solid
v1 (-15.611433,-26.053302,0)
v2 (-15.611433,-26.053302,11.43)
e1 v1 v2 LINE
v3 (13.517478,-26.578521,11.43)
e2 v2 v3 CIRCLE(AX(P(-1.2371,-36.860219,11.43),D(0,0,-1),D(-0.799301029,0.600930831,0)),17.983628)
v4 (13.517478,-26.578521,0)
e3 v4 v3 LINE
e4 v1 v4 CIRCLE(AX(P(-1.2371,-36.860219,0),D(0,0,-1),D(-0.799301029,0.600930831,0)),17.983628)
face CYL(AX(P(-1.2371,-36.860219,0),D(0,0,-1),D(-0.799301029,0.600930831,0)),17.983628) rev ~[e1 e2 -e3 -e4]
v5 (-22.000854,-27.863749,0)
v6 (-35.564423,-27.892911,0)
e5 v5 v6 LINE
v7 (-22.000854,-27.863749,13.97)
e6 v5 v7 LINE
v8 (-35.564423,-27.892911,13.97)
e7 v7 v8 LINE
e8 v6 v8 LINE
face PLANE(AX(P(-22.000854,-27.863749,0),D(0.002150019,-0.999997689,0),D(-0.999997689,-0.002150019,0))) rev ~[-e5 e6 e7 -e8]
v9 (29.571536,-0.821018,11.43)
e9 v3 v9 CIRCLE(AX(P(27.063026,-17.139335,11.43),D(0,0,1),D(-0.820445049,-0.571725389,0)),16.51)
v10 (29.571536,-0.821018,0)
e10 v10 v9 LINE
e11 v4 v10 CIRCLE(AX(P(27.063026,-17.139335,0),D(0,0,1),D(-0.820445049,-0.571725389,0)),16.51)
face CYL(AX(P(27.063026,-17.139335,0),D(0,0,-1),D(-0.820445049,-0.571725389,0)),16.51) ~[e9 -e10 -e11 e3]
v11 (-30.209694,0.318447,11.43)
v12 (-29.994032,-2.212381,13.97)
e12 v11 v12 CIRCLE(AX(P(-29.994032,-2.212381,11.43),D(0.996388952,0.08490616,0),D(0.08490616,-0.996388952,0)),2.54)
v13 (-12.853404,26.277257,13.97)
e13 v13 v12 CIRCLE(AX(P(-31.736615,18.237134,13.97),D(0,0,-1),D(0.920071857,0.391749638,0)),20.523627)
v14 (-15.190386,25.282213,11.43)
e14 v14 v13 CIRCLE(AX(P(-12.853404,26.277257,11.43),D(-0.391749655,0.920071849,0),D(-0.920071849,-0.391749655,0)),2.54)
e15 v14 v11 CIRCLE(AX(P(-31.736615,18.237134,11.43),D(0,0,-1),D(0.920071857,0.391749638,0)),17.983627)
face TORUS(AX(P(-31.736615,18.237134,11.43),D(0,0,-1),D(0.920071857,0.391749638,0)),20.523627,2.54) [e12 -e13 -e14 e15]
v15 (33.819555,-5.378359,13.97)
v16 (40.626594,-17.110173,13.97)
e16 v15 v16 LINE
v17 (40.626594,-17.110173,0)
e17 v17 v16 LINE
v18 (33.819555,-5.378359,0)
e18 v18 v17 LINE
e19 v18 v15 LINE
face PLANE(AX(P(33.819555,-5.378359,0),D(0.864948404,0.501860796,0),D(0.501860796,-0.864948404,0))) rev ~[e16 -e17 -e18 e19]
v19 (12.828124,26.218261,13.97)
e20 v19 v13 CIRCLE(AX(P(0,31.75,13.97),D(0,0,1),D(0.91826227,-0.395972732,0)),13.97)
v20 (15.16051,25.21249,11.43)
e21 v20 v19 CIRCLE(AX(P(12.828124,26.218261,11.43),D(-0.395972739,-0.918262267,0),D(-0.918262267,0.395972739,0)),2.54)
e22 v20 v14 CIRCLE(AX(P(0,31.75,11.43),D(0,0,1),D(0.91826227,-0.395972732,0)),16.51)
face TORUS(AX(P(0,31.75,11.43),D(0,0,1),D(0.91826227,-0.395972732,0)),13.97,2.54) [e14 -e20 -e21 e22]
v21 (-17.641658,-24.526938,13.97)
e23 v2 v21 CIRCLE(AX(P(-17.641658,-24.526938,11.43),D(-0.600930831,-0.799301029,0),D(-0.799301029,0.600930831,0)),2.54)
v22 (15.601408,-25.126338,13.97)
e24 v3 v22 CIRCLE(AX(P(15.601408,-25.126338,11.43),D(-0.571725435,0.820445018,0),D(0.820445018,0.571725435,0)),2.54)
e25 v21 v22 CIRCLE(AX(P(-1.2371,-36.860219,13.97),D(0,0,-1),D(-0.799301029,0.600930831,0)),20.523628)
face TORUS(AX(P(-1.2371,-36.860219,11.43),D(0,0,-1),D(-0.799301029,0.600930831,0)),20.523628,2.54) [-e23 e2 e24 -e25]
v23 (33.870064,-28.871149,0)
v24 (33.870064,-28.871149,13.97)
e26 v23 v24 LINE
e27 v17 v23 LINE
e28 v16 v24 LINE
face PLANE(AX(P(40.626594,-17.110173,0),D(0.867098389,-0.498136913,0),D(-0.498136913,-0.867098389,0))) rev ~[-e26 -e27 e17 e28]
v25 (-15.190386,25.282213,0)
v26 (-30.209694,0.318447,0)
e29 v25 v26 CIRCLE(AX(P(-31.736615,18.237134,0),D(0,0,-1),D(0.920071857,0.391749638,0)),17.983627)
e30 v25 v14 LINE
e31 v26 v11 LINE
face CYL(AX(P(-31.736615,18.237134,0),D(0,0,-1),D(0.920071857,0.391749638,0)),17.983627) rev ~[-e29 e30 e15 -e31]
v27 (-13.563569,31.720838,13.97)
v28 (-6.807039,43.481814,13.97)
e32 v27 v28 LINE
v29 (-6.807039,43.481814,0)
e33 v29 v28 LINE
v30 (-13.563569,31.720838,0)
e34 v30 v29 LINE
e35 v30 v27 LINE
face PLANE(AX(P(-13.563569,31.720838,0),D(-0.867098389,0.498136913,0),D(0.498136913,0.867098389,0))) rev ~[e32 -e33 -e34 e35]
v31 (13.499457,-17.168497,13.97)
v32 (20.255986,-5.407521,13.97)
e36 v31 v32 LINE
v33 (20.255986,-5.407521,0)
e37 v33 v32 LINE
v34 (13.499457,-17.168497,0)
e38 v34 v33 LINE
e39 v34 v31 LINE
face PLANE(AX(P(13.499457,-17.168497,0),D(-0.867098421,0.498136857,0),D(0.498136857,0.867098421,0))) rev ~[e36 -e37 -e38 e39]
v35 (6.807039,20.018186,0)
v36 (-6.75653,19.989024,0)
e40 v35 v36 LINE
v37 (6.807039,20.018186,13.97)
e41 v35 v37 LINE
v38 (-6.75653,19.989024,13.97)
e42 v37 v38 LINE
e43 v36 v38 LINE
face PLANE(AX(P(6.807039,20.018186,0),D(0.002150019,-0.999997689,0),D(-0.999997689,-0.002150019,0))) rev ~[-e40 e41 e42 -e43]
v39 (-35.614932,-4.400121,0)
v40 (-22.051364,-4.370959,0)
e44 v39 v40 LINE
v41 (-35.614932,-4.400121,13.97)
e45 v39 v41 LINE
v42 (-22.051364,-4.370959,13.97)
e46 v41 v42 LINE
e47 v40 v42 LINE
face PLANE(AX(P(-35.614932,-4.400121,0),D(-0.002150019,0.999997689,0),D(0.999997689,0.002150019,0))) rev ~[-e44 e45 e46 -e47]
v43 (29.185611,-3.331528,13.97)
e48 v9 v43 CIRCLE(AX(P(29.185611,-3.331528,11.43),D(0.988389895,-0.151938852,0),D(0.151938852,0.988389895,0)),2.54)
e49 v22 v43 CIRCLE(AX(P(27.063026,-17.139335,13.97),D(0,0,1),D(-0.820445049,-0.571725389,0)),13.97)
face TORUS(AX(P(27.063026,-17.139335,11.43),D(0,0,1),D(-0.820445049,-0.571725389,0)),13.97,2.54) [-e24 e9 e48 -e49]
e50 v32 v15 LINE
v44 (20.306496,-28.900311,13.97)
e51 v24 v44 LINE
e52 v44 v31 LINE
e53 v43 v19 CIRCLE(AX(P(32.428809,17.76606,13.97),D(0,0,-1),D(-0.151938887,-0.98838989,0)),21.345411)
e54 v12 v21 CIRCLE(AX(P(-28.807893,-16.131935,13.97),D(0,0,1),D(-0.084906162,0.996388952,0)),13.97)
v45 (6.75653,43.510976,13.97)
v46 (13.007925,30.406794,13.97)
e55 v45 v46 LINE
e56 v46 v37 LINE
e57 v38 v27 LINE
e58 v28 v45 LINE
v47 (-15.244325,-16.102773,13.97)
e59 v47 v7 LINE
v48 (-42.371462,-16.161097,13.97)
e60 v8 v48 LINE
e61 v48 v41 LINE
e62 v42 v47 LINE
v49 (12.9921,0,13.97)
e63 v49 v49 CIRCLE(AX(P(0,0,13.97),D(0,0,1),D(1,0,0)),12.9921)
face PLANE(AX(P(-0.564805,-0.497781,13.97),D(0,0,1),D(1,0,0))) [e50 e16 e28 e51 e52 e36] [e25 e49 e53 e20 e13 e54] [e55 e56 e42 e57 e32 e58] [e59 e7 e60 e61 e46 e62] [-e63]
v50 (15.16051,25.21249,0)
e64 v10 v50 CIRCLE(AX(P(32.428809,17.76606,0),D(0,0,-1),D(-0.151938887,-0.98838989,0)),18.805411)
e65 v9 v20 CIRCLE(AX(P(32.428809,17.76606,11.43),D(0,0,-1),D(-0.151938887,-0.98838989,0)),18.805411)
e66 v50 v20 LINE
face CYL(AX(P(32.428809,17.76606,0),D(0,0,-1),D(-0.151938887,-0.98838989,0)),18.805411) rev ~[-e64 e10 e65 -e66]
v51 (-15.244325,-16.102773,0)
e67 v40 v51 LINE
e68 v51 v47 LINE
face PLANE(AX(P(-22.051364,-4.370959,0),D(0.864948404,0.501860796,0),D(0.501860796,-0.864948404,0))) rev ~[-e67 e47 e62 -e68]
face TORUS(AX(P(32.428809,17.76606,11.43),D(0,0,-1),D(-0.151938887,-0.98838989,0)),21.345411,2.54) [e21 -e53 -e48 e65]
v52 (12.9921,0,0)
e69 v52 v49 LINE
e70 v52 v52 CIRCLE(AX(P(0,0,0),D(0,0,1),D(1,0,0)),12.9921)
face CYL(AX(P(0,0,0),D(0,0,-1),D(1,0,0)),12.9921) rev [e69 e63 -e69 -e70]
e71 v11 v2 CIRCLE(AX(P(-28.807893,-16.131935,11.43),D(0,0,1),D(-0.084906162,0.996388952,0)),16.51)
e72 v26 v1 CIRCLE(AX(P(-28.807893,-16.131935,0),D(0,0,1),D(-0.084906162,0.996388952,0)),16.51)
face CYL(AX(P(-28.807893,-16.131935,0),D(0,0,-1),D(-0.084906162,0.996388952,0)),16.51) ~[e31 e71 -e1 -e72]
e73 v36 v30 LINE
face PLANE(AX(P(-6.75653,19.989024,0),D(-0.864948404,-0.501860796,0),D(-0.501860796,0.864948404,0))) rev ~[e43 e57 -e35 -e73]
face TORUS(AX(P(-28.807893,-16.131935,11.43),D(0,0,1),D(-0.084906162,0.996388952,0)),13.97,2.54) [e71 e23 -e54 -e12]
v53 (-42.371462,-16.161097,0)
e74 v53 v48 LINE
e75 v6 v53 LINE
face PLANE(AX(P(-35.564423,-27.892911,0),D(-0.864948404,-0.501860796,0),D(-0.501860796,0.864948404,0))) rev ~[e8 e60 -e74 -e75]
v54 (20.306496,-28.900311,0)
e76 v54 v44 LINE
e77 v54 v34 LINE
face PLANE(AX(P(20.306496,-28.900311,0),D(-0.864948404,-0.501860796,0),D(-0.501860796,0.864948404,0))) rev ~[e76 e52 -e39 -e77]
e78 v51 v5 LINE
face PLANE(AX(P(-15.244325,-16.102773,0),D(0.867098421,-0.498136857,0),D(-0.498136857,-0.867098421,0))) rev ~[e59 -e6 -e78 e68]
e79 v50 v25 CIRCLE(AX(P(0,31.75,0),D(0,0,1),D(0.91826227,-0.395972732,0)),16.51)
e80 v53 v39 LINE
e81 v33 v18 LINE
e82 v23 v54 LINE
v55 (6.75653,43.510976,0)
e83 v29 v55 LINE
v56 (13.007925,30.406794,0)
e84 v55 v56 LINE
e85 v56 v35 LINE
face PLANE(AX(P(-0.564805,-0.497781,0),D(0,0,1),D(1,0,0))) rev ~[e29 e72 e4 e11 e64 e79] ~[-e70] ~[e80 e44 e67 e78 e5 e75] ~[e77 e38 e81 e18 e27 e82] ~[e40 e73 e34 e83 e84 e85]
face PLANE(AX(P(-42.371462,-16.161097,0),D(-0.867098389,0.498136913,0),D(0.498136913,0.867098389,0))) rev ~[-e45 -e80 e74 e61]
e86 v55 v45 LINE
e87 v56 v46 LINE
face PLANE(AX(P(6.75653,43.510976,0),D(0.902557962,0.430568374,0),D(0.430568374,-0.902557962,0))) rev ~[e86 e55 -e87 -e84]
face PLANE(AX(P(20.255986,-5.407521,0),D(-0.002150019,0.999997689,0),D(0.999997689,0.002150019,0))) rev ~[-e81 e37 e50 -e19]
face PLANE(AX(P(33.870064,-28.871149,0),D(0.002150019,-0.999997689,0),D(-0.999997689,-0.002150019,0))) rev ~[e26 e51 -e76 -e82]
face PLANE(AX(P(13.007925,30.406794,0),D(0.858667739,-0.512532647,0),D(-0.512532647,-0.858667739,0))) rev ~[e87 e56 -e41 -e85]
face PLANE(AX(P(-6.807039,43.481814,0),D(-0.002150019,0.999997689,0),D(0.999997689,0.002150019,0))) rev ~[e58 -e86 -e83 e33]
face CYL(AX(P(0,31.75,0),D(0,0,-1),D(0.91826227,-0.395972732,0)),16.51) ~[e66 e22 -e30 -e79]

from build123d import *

# Parameters (mm, degrees)
F0_R     = 12.9921
F1_DEPTH = 13.97
F2_R     = 2.54


with BuildPart() as f1:
    # F0 (on Top) → F1 (new body)
    with BuildSketch(Plane.XY):
        with BuildLine():
            ThreePointArc((-15.190386, 25.282213), (-16.326972, 8.96601), (-30.209694, 0.318447))
            ThreePointArc((-30.209694, 0.318447), (-43.252469, -24.127829), (-15.611433, -26.053302))
            ThreePointArc((-15.611433, -26.053302), (-0.912893, -18.879513), (13.517478, -26.578521))
            ThreePointArc((13.517478, -26.578521), (41.074317, -25.87225), (29.571536, -0.821018))
            ThreePointArc((29.571536, -0.821018), (15.975981, 8.658485), (15.16051, 25.21249))
            ThreePointArc((15.16051, 25.21249), (0.037928, 48.259956), (-15.190386, 25.282213))
        make_face()
        Polygon((-22.000854, -27.863749), (-35.564423, -27.892911), (-42.371462, -16.161097), (-35.614932, -4.400121), (-22.051364, -4.370959), (-15.244325, -16.102773), align=None, mode=Mode.SUBTRACT)
        Polygon((33.870064, -28.871149), (20.306496, -28.900311), (13.499457, -17.168497), (20.255986, -5.407521), (33.819555, -5.378359), (40.626594, -17.110173), align=None, mode=Mode.SUBTRACT)
        Circle(F0_R, mode=Mode.SUBTRACT)
        Polygon((6.807039, 20.018186), (-6.75653, 19.989024), (-13.563569, 31.720838), (-6.807039, 43.481814), (6.75653, 43.510976), (13.007925, 30.406794), align=None, mode=Mode.SUBTRACT)
    extrude(amount=F1_DEPTH)

    # F2
    f2_edges = [f1.edges().sort_by_distance(p)[0] for p in [
        (-0.912893, -18.879513, 13.97),
        (-43.252469, -24.127829, 13.97),
        (-16.326972, 8.96601, 13.97),
        (0.037928, 48.259956, 13.97),
        (15.975981, 8.658485, 13.97),
        (41.074317, -25.87225, 13.97),
    ]]
    fillet(f2_edges, radius=F2_R)


solid = f1.part
